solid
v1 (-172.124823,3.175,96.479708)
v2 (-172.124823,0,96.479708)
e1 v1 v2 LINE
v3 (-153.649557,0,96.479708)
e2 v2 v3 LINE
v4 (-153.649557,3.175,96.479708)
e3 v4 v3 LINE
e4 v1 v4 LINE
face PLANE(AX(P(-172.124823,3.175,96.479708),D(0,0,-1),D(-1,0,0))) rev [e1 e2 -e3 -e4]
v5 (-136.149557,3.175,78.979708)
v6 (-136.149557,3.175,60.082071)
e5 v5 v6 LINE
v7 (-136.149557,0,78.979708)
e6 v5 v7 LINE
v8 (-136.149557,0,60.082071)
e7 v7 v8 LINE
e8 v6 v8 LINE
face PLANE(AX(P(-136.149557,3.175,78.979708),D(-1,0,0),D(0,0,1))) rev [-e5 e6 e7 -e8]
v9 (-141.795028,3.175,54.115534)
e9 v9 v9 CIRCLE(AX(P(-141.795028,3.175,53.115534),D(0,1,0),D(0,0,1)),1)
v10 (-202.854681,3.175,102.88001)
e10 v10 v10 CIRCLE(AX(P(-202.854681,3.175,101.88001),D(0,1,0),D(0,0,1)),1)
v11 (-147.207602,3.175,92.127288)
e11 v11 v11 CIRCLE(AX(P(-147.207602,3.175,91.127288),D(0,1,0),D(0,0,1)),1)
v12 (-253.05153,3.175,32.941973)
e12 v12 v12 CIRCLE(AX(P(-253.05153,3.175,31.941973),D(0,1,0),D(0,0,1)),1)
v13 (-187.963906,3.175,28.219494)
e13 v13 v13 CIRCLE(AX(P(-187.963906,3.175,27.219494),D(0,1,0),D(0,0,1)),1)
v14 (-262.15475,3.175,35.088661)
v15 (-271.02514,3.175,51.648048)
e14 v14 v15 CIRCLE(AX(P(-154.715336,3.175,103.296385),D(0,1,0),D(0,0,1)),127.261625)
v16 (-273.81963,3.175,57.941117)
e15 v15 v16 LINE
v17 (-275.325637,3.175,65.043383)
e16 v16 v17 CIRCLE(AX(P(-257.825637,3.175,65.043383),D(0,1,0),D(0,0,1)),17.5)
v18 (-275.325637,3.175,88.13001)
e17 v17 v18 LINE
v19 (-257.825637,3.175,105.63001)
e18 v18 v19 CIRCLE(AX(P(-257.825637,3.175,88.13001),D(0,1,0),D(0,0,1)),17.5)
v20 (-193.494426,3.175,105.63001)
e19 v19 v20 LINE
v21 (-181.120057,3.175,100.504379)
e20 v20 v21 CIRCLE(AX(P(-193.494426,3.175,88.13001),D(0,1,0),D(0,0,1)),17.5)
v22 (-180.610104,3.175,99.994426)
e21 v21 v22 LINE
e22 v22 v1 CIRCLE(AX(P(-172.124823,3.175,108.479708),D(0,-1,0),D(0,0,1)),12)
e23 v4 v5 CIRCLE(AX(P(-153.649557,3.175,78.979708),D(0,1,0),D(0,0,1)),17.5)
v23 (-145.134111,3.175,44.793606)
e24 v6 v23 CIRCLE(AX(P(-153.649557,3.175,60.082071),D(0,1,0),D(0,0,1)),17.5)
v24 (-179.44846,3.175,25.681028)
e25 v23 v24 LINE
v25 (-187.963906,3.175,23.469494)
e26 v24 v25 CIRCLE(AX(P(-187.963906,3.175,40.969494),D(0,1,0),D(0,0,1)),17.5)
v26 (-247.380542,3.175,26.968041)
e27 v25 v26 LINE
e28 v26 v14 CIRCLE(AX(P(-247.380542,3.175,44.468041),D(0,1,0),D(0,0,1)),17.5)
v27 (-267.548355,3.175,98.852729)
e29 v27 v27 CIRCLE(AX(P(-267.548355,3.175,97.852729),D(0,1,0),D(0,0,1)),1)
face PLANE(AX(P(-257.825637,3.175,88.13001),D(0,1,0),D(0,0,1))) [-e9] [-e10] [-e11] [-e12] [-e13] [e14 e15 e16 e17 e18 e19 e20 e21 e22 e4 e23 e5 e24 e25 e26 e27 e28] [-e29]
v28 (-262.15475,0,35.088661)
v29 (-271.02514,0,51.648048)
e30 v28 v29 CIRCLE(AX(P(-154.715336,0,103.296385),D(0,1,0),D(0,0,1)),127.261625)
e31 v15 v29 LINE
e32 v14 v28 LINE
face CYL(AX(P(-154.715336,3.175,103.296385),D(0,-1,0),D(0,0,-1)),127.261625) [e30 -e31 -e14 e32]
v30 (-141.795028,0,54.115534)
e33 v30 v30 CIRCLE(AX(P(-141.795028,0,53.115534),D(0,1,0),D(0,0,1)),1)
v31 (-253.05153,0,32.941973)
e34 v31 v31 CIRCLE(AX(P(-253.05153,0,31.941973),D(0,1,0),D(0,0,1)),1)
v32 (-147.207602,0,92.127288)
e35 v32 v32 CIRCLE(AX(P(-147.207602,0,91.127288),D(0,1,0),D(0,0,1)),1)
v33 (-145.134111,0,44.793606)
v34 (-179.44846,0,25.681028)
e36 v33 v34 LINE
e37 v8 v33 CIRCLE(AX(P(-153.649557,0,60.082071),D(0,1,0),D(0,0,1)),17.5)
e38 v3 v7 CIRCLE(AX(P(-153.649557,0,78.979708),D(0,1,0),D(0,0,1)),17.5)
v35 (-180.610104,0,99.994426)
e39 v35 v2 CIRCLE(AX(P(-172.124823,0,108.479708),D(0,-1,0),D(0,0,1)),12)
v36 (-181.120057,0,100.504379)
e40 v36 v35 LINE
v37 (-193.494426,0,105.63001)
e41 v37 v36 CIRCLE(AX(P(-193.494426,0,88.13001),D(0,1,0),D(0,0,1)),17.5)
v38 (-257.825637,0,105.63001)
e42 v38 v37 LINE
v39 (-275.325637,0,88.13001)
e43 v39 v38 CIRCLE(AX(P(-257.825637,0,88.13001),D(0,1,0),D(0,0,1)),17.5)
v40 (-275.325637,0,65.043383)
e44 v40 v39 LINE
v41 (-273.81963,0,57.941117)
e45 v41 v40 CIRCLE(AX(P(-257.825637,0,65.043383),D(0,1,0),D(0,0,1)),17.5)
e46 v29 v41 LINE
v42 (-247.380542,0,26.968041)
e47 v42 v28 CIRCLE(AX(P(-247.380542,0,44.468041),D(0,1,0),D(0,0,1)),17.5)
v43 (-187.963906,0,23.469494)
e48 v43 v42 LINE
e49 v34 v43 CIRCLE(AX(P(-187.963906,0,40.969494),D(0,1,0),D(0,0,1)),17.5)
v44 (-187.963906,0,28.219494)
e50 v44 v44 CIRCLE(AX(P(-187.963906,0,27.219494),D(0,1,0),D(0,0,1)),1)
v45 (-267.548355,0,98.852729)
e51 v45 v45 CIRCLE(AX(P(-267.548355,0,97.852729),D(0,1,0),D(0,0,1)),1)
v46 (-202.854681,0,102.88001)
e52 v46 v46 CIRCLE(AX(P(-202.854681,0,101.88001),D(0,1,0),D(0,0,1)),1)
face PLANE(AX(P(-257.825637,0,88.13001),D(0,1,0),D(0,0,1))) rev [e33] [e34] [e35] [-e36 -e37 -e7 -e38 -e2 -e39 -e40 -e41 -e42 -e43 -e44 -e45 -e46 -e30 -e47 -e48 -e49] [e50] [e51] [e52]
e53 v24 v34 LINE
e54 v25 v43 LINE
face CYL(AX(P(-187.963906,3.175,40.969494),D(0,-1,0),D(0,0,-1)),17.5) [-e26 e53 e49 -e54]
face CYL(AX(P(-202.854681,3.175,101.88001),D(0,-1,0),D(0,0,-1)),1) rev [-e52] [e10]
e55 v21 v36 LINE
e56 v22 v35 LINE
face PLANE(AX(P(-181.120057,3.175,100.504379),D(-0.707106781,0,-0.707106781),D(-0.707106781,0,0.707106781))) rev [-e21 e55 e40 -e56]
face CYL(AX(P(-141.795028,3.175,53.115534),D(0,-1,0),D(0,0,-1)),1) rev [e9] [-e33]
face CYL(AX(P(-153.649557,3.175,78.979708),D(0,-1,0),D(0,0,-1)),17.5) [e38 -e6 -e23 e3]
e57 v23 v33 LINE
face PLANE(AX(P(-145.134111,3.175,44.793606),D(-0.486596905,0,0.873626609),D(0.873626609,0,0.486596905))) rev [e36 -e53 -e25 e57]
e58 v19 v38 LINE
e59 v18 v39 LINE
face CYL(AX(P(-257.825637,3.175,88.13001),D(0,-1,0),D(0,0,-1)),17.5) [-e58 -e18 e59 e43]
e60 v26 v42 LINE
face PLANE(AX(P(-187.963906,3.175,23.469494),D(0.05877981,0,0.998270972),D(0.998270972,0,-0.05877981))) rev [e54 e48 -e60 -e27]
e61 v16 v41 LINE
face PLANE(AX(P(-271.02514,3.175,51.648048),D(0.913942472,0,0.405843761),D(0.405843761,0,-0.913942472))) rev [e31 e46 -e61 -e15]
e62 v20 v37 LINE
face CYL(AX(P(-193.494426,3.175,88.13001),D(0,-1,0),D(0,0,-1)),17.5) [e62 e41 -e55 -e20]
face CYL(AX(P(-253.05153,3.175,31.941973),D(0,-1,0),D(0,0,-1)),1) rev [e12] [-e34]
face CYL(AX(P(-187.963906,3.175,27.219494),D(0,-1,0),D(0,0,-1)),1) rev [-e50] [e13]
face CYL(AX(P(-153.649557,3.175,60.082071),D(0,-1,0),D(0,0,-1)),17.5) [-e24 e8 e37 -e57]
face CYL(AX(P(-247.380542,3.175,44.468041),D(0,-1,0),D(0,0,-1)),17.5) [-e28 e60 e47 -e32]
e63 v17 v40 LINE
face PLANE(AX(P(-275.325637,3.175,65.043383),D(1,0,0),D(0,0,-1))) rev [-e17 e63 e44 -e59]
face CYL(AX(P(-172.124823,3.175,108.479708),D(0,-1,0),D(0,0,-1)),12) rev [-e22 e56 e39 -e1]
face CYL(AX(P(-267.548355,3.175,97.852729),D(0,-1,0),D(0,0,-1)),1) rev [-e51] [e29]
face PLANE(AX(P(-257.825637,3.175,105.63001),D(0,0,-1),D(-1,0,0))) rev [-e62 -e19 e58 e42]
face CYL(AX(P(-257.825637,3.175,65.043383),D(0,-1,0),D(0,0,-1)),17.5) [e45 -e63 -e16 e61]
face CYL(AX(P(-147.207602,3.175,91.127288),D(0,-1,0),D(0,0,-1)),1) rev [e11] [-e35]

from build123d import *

# Parameters (mm, degrees)
SKETCH2_R           = 1
BOSS_EXTRUDE1_DEPTH = 3.175


with BuildPart() as part:
    # Sketch2 → Boss-Extrude1 (new body)
    with BuildSketch(Plane(origin=(0, 0, 0), x_dir=(1, 0, 0), z_dir=(0, 1, 0))):
        with BuildLine():
            Line((-257.8256366, -105.630010281), (-193.494425739, -105.630010281))
            ThreePointArc((-193.494425739, -105.630010281), (-186.797465673, -104.2979021), (-181.120057068, -100.504378951))
            Line((-181.120057068, -100.504378951), (-180.610104454, -99.994426337))
            ThreePointArc((-180.610104454, -99.994426337), (-176.717024269, -97.393153322), (-172.12482308, -96.479707712))
            Line((-172.12482308, -96.479707712), (-153.649556898, -96.479707712))
            ThreePointArc((-153.649556898, -96.479707712), (-141.275188227, -91.354076382), (-136.149556898, -78.979707712))
            Line((-136.149556898, -78.979707712), (-136.149556898, -60.08207123))
            ThreePointArc((-136.149556898, -60.08207123), (-138.561974219, -51.215569726), (-145.13411106, -44.793605572))
            Line((-145.13411106, -44.793605572), (-179.448460407, -25.681028163))
            ThreePointArc((-179.448460407, -25.681028163), (-183.56493756, -24.031398459), (-187.963906245, -23.469493821))
            Line((-187.963906245, -23.469493821), (-247.380541868, -26.968041449))
            ThreePointArc((-247.380541868, -26.968041449), (-255.809979804, -29.131986673), (-262.154750087, -35.088661324))
            ThreePointArc((-262.154750087, -35.088661324), (-266.895911353, -43.204457303), (-271.025140144, -51.648048015))
            Line((-271.025140144, -51.648048015), (-273.819629856, -57.941117122))
            ThreePointArc((-273.819629856, -57.941117122), (-274.944995262, -61.413292167), (-275.3256366, -65.043382939))
            Line((-275.3256366, -65.043382939), (-275.3256366, -88.130010281))
            ThreePointArc((-275.3256366, -88.130010281), (-270.200005271, -100.504378951), (-257.8256366, -105.630010281))
        make_face()
        with Locations(Location((-147.207602145, -91.127288498, 0), (0, 0, 270))):
            Circle(SKETCH2_R, mode=Mode.SUBTRACT)
        with Locations(Location((-141.795027651, -53.115534334, 0), (0, 0, 270))):
            Circle(SKETCH2_R, mode=Mode.SUBTRACT)
        with Locations(Location((-187.963906245, -27.219493821, 0), (0, 0, 270))):
            Circle(SKETCH2_R, mode=Mode.SUBTRACT)
        with Locations(Location((-253.051529835, -31.941972813, 0), (0, 0, 270))):
            Circle(SKETCH2_R, mode=Mode.SUBTRACT)
        with Locations(Location((-267.548354841, -97.852728522, 0), (0, 0, 270))):
            Circle(SKETCH2_R, mode=Mode.SUBTRACT)
        with Locations(Location((-202.85468144, -101.880010281, 0), (0, 0, 270))):
            Circle(SKETCH2_R, mode=Mode.SUBTRACT)
    extrude(amount=BOSS_EXTRUDE1_DEPTH)


solid = part.part
